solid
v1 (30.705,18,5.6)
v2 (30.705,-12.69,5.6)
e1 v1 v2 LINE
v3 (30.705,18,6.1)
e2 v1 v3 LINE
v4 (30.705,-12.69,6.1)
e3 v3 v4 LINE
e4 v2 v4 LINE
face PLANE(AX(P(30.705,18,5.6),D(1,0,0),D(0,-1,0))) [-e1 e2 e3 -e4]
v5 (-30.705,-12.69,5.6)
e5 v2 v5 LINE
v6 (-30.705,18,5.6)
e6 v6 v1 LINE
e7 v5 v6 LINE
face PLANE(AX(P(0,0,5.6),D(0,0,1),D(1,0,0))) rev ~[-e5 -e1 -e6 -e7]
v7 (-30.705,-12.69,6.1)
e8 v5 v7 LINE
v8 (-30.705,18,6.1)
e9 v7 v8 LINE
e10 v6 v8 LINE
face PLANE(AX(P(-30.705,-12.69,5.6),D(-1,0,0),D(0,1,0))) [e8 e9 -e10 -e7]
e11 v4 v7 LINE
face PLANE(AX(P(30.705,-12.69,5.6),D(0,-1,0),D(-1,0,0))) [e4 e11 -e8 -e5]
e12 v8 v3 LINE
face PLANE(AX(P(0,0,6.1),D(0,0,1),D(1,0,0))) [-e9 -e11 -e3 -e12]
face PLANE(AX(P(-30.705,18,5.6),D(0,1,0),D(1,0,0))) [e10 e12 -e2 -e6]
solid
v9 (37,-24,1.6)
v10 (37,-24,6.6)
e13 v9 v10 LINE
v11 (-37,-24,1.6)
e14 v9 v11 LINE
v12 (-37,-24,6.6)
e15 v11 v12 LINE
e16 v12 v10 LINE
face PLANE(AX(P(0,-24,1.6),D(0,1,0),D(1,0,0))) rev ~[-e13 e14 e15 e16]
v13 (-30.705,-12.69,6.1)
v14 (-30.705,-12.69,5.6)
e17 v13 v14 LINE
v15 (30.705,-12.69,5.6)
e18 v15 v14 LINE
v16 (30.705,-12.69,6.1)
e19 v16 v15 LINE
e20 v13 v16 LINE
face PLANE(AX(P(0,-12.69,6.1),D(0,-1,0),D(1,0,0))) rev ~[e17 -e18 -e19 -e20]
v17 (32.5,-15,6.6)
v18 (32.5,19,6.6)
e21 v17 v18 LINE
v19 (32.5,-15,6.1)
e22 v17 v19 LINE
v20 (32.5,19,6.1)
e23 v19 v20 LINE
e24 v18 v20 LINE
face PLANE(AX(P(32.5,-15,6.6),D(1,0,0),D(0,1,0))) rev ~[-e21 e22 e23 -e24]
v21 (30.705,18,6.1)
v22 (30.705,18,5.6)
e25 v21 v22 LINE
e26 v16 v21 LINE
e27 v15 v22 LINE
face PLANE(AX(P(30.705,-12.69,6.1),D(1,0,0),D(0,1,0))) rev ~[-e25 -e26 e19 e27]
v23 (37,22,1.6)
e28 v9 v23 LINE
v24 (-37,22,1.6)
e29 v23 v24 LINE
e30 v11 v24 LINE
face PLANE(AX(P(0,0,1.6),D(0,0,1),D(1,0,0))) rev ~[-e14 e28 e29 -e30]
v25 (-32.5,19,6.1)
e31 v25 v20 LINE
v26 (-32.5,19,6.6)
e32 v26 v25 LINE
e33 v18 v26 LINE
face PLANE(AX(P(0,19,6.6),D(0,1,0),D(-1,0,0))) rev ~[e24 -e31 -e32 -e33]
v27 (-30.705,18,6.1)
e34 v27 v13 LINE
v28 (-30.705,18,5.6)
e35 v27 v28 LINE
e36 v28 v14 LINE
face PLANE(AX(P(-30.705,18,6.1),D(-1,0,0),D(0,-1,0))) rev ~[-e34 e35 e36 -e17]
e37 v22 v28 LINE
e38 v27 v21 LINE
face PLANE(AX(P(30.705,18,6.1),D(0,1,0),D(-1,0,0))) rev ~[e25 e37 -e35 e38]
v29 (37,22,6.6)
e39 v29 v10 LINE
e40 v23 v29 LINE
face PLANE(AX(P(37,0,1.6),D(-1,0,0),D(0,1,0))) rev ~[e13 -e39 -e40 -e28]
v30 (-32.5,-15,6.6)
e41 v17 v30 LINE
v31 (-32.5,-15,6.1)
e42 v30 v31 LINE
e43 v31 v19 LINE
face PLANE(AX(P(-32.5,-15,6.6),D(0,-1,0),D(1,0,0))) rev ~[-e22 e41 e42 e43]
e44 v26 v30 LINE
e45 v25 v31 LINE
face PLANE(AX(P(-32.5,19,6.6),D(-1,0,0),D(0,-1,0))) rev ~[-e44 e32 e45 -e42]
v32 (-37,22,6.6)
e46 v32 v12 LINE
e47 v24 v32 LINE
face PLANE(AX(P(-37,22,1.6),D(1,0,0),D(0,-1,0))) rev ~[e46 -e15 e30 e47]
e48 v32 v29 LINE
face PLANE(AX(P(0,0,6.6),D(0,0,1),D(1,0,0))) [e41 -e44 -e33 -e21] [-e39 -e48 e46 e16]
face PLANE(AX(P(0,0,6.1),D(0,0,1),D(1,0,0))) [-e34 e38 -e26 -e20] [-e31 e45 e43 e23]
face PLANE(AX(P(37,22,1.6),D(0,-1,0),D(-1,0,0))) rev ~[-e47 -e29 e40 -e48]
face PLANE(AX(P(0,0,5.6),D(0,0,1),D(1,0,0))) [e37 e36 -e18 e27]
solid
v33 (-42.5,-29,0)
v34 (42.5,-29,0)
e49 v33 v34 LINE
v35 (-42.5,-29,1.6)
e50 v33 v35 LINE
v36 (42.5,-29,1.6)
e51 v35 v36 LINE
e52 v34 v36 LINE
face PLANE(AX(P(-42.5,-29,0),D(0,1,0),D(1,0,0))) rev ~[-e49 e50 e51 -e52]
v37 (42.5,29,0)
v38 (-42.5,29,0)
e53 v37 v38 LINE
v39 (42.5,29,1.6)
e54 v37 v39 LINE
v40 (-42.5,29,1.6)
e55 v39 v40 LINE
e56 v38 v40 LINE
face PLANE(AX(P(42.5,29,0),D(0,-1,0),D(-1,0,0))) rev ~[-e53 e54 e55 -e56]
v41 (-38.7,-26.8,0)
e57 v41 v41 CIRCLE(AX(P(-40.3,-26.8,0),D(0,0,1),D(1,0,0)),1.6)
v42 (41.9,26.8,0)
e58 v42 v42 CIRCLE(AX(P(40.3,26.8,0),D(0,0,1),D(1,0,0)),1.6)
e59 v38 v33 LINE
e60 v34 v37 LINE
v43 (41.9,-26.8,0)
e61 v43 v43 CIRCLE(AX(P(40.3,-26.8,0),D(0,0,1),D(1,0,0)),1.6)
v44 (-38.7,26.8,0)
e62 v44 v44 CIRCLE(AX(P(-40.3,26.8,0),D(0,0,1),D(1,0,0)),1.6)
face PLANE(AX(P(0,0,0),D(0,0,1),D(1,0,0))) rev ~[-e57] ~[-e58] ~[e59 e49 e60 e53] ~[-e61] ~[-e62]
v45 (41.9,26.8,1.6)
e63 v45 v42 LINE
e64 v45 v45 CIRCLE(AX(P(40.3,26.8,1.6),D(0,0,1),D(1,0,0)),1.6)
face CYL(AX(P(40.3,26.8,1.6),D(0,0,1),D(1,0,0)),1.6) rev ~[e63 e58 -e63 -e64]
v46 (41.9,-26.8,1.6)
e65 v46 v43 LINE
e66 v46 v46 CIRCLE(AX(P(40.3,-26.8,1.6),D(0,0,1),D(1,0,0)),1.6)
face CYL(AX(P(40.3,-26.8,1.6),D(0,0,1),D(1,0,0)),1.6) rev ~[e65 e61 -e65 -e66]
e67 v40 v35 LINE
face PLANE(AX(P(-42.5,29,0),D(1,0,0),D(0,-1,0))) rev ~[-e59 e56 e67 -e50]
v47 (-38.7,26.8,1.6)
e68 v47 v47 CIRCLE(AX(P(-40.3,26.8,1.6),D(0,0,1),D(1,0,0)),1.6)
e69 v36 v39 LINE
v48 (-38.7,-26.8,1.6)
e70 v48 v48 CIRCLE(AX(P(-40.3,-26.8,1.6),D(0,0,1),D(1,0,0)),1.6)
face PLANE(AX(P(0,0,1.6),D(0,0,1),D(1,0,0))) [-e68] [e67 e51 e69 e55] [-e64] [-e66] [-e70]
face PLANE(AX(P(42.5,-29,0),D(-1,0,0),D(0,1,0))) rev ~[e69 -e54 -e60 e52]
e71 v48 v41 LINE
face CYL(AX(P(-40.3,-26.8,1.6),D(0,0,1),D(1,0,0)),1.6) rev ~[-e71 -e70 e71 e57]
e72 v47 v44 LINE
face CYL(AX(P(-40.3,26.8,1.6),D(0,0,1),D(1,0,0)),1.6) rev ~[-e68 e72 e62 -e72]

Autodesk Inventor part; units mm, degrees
ref_plane "YZ Plane" through (0, 0, 0) normal (1, 0, 0) x (0, 1, 0)
ref_plane "XZ Plane" through (0, 0, 0) normal (0, 1, 0) x (-1, 0, 0)
ref_plane "XY Plane" through (0, 0, 0) normal (0, 0, 1) x (1, 0, 0)
sketch "Sketch1" plane through (0, 0, 0) normal (0, 0, 1) x (1, 0, 0)
  line L0 (-42.5, -29) -> (42.5, -29)
  line L1 (42.5, -29) -> (42.5, 29)
  line L2 (42.5, 29) -> (-42.5, 29)
  line L3 (-42.5, 29) -> (-42.5, -29)
  line L4 (-42.5, -29) -> (42.5, 29) construction
  line L5 (42.5, -29) -> (-42.5, 29) construction
  point P0 (0, 0)
  dimension "d0" = 85
  dimension "d1" = 58
extrude "Extrusion1" add sketch "Sketch1" along normal blind 1.6
sketch "Sketch2" plane through (0, 0, 1.6) normal (0, 0, 1) x (1, 0, 0)
  line L0 (-59.5, 0) -> (59.5, 0) construction
  line L1 (0, -40.6) -> (0, 40.6) construction
  circle A0 centre (-40.3, 26.8) radius 1.6
  line L2 (42.5, 29) -> (-42.5, 29) construction
  line L3 (-42.5, 29) -> (-42.5, -29) construction
  circle A1 centre (40.3, 26.8) radius 1.6
  circle A2 centre (-40.3, -26.8) radius 1.6
  line L4 (42.5, -29) -> (-42.5, -29) construction
  circle A3 centre (40.3, -26.8) radius 1.6
  point P0 (0, 0)
  dimension "d4" = 3.2
  dimension "d5" = 0.6
  dimension "d6" = 0.6
extrude "Extrusion2" cut sketch "Sketch2" against normal through all
sketch "Sketch3" plane through (0, 0, 1.6) normal (0, 0, 1) x (1, 0, 0)
  line L0 (0, 40.6) -> (0, -40.6) projected
  line L1 (-37, -24) -> (37, -24)
  line L2 (37, -24) -> (37, 22)
  line L3 (37, 22) -> (-37, 22)
  line L4 (-37, 22) -> (-37, -24)
  line L5 (-37, -24) -> (37, 22) construction
  line L6 (37, -24) -> (-37, 22) construction
  line L7 (-59.5, 0) -> (59.5, 0) projected
  point P0 (0, -1)
  dimension "d9" = 46
  dimension "d10" = 74
  dimension "d25" = 1
extrude "Extrusion3" add sketch "Sketch3" along normal blind 5 separate body
sketch "Sketch4" plane through (0, 0, 6.6) normal (0, 0, 1) x (1, 0, 0)
  line L0 (0, -40.6) -> (0, 40.6) projected
  line L1 (-32.5, -15) -> (32.5, -15)
  line L2 (32.5, -15) -> (32.5, 19)
  line L3 (32.5, 19) -> (-32.5, 19)
  line L4 (-32.5, 19) -> (-32.5, -15)
  line L5 (-32.5, -15) -> (32.5, 19) construction
  line L6 (32.5, -15) -> (-32.5, 19) construction
  line L7 (37, 22) -> (-37, 22) projected
  point P0 (0, 0)
  point P1 (0, 2)
  dimension "d13" = 34
  dimension "d14" = 65
  dimension "d15" = 3
extrude "Extrusion4" cut sketch "Sketch4" against normal blind 0.5 bodies 2
sketch "Sketch5" plane through (0, 0, 6.1) normal (0, 0, 1) x (1, 0, 0)
  line L0 (0, 40.6) -> (0, -40.6) projected
  line L1 (-30.705, -12.69) -> (30.705, -12.69)
  line L2 (30.705, -12.69) -> (30.705, 18)
  line L3 (30.705, 18) -> (-30.705, 18)
  line L4 (-30.705, 18) -> (-30.705, -12.69)
  line L5 (-30.705, -12.69) -> (30.705, 18) construction
  line L6 (30.705, -12.69) -> (-30.705, 18) construction
  line L7 (37, 22) -> (-37, 22) projected
  point P0 (0, 0)
  point P1 (0, 2.655)
  dimension "d18" = 30.69
  dimension "d19" = 61.41
  dimension "d20" = 4
extrude "Extrusion5" cut sketch "Sketch5" against normal blind 0.5 bodies 2
sketch "Sketch6" plane through (0, 0, 5.6) normal (0, 0, 1) x (1, 0, 0)
  line L0 (30.705, -12.69) -> (-30.705, -12.69) projected
  line L1 (30.705, 18) -> (30.705, -12.69) projected
  line L2 (-30.705, 18) -> (30.705, 18) projected
  line L3 (-30.705, -12.69) -> (-30.705, 18) projected
  point P0 (0, 0)
extrude "Extrusion6" add sketch "Sketch6" along normal blind 0.5 separate body
sketch "Sketch7" plane through (0, 0, 6.6) normal (0, 0, 1) x (1, 0, 0)
  circle A0 centre (0, 0) radius 6.7082
equation "\"d6\" = d5"
properties part number "Adafruit_2675"
